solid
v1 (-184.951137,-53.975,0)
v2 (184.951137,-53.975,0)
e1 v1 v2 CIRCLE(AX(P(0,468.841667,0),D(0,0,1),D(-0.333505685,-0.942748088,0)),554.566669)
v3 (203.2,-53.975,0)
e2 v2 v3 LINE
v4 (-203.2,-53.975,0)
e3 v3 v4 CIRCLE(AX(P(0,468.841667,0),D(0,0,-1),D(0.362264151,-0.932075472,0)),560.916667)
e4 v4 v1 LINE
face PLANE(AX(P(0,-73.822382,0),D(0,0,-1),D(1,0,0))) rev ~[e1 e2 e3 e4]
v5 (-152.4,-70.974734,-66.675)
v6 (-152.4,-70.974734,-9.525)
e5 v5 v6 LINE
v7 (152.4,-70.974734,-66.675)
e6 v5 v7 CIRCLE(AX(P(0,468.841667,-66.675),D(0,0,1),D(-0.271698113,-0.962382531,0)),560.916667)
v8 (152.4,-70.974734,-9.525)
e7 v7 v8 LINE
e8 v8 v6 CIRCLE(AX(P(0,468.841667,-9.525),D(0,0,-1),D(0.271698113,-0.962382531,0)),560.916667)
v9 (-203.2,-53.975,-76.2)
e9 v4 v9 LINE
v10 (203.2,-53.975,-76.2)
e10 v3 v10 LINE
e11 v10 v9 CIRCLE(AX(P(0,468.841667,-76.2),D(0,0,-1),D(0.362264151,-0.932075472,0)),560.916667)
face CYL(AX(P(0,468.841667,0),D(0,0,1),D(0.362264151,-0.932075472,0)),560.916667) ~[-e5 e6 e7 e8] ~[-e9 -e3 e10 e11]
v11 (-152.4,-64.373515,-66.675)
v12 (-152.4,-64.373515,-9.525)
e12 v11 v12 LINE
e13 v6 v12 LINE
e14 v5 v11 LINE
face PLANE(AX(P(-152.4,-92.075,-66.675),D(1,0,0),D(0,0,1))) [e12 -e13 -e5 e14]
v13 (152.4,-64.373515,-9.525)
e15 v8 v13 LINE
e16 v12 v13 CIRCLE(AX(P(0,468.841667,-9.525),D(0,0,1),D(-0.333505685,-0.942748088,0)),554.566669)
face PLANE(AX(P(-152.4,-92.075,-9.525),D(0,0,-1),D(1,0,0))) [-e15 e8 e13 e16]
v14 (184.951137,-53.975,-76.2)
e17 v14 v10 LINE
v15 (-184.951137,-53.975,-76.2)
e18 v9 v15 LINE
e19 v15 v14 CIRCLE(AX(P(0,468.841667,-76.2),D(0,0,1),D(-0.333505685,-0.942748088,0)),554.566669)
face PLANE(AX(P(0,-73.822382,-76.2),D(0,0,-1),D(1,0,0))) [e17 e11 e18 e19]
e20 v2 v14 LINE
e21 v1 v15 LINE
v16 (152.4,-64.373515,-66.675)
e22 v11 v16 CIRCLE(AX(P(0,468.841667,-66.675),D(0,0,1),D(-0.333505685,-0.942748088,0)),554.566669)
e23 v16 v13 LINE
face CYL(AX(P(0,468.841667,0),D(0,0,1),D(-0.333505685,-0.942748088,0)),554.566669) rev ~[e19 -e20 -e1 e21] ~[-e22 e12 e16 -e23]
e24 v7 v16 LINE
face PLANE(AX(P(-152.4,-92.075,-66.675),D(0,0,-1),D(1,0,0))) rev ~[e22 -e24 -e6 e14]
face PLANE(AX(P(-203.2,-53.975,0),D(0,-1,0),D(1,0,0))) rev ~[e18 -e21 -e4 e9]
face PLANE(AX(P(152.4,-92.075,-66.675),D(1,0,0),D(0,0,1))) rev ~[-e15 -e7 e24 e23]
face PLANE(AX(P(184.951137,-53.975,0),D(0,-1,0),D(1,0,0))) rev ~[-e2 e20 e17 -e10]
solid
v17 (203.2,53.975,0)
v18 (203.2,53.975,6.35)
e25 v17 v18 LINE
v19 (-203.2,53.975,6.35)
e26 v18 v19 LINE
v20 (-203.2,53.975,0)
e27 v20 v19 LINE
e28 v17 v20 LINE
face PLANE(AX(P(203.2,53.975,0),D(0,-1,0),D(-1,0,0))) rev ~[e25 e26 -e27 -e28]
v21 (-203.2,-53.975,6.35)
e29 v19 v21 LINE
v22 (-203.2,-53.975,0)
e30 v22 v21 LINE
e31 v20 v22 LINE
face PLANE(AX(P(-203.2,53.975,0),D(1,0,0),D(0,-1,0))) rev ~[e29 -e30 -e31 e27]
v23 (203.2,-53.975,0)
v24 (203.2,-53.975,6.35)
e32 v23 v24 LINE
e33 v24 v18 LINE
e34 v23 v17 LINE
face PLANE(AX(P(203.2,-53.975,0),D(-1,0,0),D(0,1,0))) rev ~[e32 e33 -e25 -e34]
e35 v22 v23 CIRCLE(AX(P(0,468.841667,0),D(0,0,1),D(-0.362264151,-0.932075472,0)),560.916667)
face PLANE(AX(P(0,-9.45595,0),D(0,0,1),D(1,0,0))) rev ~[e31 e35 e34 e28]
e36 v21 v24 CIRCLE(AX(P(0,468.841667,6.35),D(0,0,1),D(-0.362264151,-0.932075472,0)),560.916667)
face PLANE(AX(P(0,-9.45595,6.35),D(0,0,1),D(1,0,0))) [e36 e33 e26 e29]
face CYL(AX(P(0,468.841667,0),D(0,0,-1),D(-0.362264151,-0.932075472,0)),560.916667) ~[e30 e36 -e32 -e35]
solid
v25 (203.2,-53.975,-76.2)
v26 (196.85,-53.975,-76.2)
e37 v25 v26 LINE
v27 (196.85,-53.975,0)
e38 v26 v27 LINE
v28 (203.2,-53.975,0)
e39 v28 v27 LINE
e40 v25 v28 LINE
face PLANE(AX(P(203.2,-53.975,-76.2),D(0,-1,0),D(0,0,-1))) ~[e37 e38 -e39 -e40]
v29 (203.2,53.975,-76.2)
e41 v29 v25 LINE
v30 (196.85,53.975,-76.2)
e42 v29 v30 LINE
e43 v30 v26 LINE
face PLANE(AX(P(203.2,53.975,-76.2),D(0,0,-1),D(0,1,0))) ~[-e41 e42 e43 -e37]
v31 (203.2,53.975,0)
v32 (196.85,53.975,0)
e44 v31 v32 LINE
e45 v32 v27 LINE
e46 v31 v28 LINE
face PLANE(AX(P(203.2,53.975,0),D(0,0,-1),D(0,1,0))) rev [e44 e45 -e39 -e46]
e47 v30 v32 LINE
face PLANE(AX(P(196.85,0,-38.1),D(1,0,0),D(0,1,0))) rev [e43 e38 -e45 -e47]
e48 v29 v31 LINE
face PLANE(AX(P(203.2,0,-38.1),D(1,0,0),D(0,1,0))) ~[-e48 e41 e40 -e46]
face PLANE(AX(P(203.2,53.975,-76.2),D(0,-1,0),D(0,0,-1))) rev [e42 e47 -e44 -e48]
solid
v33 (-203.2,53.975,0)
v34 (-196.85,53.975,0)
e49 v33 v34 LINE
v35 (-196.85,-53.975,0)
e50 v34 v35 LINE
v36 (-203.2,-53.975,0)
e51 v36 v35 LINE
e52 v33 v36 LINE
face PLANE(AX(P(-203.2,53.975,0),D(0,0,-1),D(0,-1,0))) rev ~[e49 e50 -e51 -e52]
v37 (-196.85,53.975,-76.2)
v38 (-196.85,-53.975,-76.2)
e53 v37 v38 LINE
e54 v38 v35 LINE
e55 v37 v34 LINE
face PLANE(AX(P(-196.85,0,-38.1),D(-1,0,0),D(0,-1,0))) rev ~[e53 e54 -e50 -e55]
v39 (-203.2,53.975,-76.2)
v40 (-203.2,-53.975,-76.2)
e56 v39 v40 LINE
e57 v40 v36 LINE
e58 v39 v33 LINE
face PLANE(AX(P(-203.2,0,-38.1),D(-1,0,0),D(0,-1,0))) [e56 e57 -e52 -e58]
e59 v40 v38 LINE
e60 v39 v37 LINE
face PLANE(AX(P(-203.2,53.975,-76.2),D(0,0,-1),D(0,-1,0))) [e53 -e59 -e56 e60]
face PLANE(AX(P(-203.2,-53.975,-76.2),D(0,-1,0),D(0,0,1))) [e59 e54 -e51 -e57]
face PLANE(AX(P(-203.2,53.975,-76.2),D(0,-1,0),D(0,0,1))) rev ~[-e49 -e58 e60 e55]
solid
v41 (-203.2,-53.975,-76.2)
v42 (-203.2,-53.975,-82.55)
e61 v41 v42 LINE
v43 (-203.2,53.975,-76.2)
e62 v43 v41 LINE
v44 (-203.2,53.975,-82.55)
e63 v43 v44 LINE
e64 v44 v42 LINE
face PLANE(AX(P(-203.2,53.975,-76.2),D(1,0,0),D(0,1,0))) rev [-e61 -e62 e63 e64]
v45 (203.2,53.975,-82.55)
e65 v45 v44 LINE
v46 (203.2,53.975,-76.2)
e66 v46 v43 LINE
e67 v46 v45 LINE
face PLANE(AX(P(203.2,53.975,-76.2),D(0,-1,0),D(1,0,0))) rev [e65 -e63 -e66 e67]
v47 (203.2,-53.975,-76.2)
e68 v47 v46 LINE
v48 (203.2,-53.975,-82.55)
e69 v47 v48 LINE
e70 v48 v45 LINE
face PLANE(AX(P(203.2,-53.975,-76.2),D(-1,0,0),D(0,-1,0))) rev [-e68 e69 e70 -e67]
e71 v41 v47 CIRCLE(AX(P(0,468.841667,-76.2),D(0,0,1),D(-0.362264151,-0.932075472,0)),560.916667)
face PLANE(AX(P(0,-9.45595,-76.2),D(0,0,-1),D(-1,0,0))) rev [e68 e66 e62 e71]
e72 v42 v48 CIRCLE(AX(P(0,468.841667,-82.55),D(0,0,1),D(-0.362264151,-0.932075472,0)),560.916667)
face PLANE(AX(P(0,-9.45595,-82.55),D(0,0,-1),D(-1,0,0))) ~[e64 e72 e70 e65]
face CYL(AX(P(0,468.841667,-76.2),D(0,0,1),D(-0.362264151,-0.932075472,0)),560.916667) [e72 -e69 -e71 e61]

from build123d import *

# Parameters (mm, degrees)
F1_DEPTH  = 6.35
F3_DEPTH  = 76.2
F6_W      = 107.95
F6_H      = 76.2
F7_DEPTH  = 6.35
F10_W     = 304.8
F10_H     = 57.15
F11_DEPTH = 146.051


with BuildPart() as f1:
    # F0 (on Top) → F1 (new body)
    with BuildSketch(Plane.XY):
        with BuildLine():
            Line((203.2, -53.975), (203.2, 53.975))
            Line((203.2, 53.975), (-203.2, 53.975))
            Line((-203.2, 53.975), (-203.2, -53.975))
            ThreePointArc((-203.2, -53.975), (0, -92.075), (203.2, -53.975))
        make_face()
    extrude(amount=F1_DEPTH)


with BuildPart() as f3:
    # F2 (on face) → F3 (new body)
    with BuildSketch(Plane(origin=(0, 0, 0), x_dir=(1, 0, 0), z_dir=(0, 0, -1))):
        with BuildLine():
            ThreePointArc((-184.9511369021, 53.975), (0, 85.7250019908), (184.9511369021, 53.975))
            Line((184.9511369021, 53.975), (203.2, 53.975))
            ThreePointArc((203.2, 53.975), (0, 92.075), (-203.2, 53.975))
            Line((-203.2, 53.975), (-184.9511369021, 53.975))
        make_face()
    extrude(amount=F3_DEPTH)

    # F10 (on offset) → F11 (cut, through all)
    with BuildSketch(Plane.XZ.offset(92.075)):
        with Locations((0, -38.1)):
            Rectangle(F10_W, F10_H)
    extrude(amount=-F11_DEPTH, mode=Mode.SUBTRACT)


with BuildPart() as f5_1:
    # F5: instance of F1
    add(f1.part.mirror(Plane(origin=(0, -13.2670479087, -38.1), x_dir=(1, 0, 0), z_dir=(0, 0, -1))))


with BuildPart() as f7:
    # F6 (on face) → F7 (new body)
    with BuildSketch(Plane(origin=(-203.2, 0, 0), x_dir=(0, -1, 0), z_dir=(-1, 0, 0))):
        with Locations((0, -38.1)):
            Rectangle(F6_W, F6_H)
    extrude(amount=-F7_DEPTH)


with BuildPart() as f8_1:
    # F8: instance of F7
    add(f7.part.mirror(Plane.YZ))


solid = Compound([f1.part, f3.part, f5_1.part, f7.part, f8_1.part])
